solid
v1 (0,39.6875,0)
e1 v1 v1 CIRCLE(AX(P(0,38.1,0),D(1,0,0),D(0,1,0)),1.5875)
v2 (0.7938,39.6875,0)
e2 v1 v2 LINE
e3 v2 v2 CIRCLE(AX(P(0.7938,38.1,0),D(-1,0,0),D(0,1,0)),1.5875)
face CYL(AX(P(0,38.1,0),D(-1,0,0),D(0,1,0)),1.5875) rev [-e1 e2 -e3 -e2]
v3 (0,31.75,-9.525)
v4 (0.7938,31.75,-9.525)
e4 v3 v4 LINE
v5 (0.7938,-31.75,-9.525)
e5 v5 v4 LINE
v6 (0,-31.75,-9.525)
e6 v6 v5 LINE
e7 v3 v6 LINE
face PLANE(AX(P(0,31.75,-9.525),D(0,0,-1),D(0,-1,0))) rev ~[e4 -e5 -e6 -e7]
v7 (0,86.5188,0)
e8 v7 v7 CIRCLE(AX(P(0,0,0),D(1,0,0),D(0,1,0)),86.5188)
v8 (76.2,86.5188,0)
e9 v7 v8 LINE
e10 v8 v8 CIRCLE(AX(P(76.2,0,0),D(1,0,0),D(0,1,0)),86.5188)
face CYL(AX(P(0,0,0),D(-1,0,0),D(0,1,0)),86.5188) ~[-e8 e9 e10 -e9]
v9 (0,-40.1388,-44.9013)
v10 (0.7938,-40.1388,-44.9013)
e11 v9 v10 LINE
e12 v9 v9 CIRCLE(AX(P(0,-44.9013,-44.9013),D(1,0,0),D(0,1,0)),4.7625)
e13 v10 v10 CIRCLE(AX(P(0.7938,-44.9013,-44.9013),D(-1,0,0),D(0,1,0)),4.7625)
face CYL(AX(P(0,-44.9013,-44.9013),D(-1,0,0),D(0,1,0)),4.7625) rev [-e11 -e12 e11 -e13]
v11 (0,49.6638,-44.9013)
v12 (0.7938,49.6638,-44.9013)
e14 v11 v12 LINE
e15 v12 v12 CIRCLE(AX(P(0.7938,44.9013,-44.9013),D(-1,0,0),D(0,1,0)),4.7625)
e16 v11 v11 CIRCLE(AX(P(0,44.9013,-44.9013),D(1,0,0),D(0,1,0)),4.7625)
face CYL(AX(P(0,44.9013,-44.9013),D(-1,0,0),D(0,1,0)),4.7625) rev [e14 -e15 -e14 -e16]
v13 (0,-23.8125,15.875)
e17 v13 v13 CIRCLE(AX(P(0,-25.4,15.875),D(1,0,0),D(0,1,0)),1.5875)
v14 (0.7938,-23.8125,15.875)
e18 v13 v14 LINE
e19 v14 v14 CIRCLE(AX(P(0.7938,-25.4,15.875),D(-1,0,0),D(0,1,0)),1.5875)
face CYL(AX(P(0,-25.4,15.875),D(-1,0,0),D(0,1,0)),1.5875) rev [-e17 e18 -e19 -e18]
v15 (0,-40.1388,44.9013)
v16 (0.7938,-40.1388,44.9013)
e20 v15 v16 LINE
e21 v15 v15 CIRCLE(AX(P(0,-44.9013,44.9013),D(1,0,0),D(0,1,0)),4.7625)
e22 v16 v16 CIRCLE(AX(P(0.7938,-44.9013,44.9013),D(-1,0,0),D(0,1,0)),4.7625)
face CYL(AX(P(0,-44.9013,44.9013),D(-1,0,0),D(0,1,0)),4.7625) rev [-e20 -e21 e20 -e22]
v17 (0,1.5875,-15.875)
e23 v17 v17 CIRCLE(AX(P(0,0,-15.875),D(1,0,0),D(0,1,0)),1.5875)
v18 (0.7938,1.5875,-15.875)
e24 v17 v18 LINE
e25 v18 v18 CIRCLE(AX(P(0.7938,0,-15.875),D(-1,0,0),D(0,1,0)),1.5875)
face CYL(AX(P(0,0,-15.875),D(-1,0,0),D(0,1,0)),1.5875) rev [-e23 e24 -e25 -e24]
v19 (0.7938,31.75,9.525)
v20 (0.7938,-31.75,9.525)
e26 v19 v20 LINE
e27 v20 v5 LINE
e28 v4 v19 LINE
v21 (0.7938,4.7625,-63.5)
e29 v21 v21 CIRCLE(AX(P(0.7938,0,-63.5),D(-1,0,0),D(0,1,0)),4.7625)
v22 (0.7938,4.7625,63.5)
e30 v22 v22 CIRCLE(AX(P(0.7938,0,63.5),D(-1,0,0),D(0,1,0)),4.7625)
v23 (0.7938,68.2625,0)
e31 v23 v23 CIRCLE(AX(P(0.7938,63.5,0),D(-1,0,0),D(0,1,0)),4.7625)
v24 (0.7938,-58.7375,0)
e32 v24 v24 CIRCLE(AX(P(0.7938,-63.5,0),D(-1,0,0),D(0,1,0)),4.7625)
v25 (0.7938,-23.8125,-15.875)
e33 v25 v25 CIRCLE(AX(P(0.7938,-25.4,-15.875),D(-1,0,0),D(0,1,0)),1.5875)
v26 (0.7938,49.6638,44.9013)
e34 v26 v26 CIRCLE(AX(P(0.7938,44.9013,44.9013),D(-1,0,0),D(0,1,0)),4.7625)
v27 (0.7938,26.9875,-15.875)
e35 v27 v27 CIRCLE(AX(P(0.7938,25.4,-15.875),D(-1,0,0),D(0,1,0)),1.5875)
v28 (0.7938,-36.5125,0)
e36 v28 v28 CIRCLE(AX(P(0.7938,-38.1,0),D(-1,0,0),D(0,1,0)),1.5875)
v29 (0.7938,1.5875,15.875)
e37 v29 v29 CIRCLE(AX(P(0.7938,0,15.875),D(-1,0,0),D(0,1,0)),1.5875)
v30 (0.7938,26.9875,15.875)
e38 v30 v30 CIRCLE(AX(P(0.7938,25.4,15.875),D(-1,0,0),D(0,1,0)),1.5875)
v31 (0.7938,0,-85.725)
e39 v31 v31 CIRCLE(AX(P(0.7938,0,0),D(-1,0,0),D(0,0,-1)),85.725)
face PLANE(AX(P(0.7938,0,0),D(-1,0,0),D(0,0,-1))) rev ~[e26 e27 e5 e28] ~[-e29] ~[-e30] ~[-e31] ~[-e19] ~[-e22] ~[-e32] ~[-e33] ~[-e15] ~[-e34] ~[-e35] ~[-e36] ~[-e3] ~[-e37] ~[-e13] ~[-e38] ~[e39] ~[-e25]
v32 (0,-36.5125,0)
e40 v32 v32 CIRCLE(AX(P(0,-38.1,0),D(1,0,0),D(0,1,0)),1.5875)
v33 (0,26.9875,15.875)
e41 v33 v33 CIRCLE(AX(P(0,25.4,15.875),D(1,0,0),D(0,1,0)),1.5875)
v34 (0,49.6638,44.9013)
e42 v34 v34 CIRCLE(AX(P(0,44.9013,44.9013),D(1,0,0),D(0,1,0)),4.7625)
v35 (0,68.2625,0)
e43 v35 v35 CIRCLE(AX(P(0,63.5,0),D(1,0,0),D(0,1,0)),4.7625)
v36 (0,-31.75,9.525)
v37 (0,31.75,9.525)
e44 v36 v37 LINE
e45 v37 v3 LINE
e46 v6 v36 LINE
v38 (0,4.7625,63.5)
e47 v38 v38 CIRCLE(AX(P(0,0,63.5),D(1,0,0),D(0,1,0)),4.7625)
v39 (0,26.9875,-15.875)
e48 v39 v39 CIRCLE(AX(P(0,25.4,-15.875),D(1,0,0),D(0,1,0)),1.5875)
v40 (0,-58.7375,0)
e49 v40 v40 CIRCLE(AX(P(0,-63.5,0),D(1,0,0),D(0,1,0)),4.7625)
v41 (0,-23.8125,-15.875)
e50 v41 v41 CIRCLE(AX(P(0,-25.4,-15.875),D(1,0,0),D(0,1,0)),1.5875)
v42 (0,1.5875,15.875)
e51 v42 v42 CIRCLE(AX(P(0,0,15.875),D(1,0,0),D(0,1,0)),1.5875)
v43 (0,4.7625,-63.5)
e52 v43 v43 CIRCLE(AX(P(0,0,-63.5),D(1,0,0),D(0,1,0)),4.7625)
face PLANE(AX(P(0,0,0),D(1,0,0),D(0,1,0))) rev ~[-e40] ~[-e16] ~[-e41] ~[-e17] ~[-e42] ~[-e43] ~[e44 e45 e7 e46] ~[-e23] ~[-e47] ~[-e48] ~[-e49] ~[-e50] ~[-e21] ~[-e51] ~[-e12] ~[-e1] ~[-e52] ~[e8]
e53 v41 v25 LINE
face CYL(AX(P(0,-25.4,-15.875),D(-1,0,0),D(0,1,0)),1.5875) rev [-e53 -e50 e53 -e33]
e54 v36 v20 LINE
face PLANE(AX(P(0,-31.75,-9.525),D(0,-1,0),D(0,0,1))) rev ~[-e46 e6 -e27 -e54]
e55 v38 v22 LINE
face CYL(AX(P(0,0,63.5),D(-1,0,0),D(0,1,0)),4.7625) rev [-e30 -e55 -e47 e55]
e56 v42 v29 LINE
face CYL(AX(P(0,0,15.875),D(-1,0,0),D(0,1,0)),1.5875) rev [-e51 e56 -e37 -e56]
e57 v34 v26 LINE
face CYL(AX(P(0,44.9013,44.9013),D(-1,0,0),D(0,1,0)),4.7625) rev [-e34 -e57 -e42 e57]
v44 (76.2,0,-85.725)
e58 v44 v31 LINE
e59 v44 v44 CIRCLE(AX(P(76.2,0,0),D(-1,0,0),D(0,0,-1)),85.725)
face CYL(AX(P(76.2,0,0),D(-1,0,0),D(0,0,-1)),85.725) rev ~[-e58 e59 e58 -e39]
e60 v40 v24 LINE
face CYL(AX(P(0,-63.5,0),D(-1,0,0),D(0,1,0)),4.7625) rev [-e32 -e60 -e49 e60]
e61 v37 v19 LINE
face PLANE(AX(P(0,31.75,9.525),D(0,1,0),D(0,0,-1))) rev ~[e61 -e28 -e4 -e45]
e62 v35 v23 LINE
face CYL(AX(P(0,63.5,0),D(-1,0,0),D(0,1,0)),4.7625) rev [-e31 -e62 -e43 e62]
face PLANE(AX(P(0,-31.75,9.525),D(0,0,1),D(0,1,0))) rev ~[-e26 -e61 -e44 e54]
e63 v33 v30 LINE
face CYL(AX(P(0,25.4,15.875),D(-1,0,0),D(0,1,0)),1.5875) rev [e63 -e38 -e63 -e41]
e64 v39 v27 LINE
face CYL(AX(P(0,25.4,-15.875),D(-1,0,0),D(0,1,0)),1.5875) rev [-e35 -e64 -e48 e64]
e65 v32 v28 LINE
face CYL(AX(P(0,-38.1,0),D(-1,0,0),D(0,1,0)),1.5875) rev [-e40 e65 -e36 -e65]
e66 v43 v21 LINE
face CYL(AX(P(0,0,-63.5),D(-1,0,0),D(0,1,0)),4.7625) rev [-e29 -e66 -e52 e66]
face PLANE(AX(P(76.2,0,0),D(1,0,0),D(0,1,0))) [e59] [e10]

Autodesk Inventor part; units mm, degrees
ref_plane "YZ Plane" through (0, 0, 0) normal (1, 0, 0) x (0, 1, 0)
ref_plane "XZ Plane" through (0, 0, 0) normal (0, 1, 0) x (-1, 0, 0)
ref_plane "XY Plane" through (0, 0, 0) normal (0, 0, 1) x (1, 0, 0)
sketch "Sketch1" plane through (0, 0, 0) normal (1, 0, 0) x (0, 1, 0)
  circle A0 centre (0, 0) radius 86.5188
  circle A1 centre (0, 63.5) radius 4.7625
  circle A2 centre (-44.9013, 44.9013) radius 4.7625
  circle A3 centre (-63.5, 0) radius 4.7625
  circle A4 centre (-44.9013, -44.9013) radius 4.7625
  circle A5 centre (0, -63.5) radius 4.7625
  circle A6 centre (44.9013, -44.9013) radius 4.7625
  circle A7 centre (63.5, 0) radius 4.7625
  circle A8 centre (44.9013, 44.9013) radius 4.7625
  line L0 (-31.75, 9.525) -> (31.75, 9.525)
  line L1 (31.75, 9.525) -> (31.75, -9.525)
  line L2 (31.75, -9.525) -> (-31.75, -9.525)
  line L3 (-31.75, -9.525) -> (-31.75, 9.525)
  circle A9 centre (0, 15.875) radius 1.5875
  circle A10 centre (-25.4, 15.875) radius 1.5875
  circle A11 centre (25.4, 15.875) radius 1.5875
  circle A12 centre (0, -15.875) radius 1.5875
  circle A13 centre (-25.4, -15.875) radius 1.5875
  circle A14 centre (25.4, -15.875) radius 1.5875
  circle A15 centre (-38.1, 0) radius 1.5875
  circle A16 centre (38.1, 0) radius 1.5875
  point P0 (0, 9.525)
  point P1 (-31.75, 0)
  dimension "d0" = 173.0375
  dimension "d3" = 360
  dimension "d5" = 9.525
  dimension "d6" = 63.5
  dimension "d7" = 63.5
  dimension "d8" = 19.05
  dimension "d9" = 3.175
  dimension "d10" = 15.875
  dimension "d13" = 25.4
  dimension "d20" = 25.4
  dimension "d27" = 31.75
  dimension "d32" = 38.1
  dimension "d33" = 3.175
  dimension "d36" = 76.2
extrude "Extrusion1" add sketch "Sketch1" along normal blind 76.2
hole "Hole1" at (76.2, 0, 0) direction (-1, 0, 0) diameter 171.45 depth 75.4062
properties part number "top cap"
